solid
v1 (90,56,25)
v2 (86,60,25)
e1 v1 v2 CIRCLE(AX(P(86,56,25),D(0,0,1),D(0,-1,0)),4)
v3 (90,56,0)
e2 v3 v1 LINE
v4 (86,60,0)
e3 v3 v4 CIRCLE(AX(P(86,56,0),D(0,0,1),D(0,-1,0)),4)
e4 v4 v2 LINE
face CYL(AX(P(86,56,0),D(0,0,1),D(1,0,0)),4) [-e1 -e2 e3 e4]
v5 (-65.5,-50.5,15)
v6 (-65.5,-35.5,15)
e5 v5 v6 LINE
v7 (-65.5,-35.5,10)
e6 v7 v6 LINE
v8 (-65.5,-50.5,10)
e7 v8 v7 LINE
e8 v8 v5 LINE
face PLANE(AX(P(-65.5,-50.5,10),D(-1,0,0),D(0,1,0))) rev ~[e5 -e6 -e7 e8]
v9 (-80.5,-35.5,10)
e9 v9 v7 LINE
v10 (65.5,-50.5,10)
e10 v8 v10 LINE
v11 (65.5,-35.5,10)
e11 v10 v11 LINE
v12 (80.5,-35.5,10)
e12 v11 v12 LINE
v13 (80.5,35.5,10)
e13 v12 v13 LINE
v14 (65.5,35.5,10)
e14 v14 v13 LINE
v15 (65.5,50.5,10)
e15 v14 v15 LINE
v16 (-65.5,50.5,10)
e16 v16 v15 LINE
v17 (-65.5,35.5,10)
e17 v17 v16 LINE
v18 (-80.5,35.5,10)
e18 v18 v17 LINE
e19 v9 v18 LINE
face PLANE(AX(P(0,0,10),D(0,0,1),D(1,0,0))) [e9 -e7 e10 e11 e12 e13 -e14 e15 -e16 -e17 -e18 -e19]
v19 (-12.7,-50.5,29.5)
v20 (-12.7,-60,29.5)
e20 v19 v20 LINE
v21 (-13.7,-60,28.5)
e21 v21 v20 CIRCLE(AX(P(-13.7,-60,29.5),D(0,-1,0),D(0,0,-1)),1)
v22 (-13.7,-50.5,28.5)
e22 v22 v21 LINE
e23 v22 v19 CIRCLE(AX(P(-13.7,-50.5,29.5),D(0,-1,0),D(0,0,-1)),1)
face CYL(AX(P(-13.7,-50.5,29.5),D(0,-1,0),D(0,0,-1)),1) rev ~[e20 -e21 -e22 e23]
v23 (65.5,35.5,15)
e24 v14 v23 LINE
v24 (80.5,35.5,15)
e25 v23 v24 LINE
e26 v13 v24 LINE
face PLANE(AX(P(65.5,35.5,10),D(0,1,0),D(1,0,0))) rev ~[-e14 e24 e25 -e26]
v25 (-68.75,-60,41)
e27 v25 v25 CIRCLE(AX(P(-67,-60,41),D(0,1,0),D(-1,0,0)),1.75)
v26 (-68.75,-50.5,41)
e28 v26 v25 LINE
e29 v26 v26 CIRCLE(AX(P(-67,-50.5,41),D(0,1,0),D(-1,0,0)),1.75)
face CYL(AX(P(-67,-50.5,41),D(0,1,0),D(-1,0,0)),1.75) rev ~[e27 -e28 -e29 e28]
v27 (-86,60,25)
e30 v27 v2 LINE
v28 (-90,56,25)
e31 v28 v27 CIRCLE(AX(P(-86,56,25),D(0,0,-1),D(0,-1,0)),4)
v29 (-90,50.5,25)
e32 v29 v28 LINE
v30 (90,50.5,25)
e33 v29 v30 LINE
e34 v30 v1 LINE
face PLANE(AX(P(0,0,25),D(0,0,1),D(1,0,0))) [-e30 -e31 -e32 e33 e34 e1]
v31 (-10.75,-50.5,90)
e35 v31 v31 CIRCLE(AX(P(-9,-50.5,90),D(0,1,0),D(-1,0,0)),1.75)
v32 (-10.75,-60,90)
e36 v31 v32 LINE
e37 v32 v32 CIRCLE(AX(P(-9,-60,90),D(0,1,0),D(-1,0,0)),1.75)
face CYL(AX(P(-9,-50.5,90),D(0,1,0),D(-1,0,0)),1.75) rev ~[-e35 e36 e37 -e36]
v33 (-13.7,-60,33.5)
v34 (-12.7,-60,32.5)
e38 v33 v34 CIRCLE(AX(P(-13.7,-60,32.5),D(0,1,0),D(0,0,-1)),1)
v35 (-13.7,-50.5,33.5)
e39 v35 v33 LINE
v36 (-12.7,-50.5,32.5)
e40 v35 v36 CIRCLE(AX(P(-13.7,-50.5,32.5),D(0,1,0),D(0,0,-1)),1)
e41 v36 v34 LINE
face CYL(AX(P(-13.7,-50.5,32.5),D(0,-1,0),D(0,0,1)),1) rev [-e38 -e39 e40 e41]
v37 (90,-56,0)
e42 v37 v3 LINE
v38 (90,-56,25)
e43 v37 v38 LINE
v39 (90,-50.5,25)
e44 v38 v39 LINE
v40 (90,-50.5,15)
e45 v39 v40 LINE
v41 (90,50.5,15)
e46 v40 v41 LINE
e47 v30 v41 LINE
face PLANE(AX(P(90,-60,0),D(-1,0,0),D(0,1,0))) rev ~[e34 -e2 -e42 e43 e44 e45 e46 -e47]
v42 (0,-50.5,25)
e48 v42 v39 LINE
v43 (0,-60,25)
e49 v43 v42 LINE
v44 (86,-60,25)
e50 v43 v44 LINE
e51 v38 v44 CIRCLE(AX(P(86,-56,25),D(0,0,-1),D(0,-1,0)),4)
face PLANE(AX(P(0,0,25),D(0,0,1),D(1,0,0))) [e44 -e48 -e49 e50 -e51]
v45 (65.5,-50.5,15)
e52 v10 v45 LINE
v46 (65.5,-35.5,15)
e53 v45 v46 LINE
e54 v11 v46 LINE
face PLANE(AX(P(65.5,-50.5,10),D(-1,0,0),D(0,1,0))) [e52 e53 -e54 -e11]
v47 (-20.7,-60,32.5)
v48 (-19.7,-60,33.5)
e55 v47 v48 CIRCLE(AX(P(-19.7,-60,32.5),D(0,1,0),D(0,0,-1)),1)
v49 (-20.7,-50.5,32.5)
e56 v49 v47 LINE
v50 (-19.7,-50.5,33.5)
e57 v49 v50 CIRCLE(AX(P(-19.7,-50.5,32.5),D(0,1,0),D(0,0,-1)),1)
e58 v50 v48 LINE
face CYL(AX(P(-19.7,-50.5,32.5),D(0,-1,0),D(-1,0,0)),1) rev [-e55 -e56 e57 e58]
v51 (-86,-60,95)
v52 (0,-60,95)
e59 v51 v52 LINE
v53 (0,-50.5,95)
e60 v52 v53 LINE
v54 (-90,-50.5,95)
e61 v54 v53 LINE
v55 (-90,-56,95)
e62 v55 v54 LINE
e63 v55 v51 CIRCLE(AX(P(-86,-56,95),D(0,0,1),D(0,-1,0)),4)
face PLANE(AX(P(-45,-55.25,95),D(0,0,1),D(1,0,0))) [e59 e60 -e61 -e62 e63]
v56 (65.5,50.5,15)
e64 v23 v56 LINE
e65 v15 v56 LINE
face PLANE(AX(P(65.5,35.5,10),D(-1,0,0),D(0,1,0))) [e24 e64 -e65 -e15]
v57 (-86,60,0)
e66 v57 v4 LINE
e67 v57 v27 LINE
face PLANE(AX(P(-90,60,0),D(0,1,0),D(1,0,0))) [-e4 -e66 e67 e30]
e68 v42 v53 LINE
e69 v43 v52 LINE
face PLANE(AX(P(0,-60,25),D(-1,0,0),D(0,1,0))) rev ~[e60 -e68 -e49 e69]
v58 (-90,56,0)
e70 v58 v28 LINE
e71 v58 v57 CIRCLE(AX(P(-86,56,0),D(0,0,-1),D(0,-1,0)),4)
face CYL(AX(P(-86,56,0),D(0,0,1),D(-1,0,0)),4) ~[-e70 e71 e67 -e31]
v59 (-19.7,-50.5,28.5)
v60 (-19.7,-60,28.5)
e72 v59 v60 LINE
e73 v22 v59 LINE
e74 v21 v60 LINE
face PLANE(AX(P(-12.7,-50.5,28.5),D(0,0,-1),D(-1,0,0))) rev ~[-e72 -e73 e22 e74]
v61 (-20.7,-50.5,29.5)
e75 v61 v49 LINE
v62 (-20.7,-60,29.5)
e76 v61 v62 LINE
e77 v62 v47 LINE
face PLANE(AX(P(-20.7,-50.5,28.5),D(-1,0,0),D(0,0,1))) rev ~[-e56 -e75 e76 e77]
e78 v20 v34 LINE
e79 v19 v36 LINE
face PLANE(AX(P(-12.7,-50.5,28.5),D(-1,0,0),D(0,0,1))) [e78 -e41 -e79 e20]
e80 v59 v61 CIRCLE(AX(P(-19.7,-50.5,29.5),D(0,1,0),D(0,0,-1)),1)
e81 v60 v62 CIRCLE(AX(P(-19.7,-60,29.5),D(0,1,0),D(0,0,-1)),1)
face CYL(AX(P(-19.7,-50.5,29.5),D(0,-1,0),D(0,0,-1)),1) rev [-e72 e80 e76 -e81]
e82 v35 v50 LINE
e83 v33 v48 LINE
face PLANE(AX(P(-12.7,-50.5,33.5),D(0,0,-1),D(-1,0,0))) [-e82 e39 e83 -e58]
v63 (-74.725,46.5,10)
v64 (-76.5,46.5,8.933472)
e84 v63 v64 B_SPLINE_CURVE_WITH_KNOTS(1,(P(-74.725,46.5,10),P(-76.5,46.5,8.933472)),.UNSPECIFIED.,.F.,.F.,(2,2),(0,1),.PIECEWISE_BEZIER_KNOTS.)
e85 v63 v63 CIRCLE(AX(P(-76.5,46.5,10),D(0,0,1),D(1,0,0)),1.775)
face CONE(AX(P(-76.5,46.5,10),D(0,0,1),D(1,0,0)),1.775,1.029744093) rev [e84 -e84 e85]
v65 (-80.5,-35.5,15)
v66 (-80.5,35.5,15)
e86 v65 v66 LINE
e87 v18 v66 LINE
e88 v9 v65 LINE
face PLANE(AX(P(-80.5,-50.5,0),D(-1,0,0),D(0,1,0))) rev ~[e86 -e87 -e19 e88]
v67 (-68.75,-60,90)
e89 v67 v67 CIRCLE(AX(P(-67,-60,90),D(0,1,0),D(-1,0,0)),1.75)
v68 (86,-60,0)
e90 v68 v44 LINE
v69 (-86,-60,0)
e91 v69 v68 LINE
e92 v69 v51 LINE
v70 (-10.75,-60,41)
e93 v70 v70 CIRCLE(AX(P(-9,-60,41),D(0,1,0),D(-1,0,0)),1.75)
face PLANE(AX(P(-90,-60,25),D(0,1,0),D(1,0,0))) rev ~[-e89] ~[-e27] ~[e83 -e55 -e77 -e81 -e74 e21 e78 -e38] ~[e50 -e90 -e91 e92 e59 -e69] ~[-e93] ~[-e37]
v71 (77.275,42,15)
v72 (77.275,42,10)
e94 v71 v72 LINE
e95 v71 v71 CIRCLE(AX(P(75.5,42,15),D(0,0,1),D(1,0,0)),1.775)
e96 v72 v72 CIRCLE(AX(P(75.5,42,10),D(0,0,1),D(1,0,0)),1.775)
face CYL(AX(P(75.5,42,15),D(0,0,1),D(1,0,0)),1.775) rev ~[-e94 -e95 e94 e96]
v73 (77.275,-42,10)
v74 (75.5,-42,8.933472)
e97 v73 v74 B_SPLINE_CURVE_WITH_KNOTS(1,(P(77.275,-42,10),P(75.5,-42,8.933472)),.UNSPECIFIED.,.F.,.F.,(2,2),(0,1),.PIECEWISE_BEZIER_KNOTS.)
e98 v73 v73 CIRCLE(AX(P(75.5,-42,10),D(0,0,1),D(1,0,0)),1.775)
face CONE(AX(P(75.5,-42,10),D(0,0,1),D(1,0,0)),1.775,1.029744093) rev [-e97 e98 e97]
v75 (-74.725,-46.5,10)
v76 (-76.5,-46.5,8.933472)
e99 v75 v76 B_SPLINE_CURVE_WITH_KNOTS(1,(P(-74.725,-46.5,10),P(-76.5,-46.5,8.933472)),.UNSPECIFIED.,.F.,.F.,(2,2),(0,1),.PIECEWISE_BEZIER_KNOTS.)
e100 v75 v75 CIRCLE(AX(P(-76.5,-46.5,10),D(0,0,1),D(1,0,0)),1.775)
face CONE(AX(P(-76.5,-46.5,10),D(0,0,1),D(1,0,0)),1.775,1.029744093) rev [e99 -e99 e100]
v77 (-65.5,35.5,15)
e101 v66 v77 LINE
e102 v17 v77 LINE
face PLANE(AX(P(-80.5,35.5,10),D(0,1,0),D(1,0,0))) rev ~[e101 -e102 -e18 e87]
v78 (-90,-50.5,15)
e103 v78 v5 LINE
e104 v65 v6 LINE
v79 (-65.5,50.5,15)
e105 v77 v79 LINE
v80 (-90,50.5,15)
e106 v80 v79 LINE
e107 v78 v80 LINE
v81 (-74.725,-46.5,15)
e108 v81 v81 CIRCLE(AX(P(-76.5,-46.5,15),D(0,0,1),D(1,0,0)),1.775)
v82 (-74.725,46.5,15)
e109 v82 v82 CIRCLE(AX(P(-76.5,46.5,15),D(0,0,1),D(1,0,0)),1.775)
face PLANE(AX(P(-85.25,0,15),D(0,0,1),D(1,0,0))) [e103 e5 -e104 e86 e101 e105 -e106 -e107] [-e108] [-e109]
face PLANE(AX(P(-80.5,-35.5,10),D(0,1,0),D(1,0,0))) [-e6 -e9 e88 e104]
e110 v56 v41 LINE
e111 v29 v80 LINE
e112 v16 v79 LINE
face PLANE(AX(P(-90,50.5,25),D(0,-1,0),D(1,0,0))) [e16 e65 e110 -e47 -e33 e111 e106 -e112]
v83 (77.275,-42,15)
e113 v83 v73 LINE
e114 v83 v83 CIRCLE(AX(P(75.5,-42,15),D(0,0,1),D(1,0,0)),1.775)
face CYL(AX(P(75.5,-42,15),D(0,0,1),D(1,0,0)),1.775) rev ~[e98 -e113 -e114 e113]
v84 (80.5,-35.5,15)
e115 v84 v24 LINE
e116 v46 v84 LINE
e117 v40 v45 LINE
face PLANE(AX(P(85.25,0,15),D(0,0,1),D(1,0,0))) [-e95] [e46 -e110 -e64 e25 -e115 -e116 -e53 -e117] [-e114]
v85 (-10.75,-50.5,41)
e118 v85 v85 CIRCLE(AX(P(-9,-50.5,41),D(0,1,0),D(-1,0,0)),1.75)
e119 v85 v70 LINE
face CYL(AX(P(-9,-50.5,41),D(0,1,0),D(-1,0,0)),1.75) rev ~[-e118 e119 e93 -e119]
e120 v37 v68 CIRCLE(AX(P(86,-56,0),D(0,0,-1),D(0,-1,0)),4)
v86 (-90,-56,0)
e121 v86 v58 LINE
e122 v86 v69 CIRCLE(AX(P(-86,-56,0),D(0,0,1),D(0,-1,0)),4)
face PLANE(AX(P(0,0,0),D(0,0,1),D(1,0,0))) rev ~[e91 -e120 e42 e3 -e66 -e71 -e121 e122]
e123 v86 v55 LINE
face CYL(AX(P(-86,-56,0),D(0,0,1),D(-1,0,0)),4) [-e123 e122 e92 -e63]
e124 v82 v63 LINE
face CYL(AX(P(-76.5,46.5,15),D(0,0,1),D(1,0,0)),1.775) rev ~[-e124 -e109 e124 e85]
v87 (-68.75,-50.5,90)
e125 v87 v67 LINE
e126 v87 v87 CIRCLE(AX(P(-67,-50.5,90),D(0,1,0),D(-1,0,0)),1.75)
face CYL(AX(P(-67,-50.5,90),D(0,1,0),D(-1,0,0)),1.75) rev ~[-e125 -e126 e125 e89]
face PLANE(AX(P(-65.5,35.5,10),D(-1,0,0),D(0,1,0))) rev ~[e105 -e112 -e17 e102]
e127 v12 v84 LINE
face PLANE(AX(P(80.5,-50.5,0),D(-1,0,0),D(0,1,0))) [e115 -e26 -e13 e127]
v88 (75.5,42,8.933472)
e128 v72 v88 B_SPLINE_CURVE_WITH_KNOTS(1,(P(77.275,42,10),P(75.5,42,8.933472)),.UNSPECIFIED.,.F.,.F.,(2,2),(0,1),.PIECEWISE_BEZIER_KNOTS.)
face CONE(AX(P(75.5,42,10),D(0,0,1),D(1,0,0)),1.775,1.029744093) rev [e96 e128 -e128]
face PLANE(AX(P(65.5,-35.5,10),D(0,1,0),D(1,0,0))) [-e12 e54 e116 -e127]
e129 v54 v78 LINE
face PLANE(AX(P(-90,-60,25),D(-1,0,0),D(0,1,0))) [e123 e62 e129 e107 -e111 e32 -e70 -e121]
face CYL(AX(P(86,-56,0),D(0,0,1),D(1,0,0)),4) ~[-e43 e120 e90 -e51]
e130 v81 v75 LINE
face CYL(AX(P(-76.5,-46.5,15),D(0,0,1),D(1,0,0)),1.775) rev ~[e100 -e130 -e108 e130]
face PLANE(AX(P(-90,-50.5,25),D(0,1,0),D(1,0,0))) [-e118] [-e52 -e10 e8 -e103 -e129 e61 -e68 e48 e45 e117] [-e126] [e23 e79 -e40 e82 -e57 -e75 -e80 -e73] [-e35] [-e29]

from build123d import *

# Parameters (mm, degrees)
SKETCH_W        = 161
SKETCH_H        = 101
PAD_DEPTH       = 10
SKETCH001_W     = 15
SKETCH001_H     = 15
PAD001_DEPTH    = 5
SKETCH003_R     = 1.775
HOLE_DEPTH      = 5
HOLE_TIPS_R     = 1.775
SKETCH005_W     = 180
SKETCH005_H     = 120
SKETCH005_W_2   = 161
SKETCH005_H_2   = 101
PAD002_DEPTH    = 25
SKETCH006_W     = 9.5
SKETCH006_H     = 101
POCKET_DEPTH    = 10
SKETCH007_W     = 9.5
SKETCH007_H     = 101
POCKET001_DEPTH = 10
SKETCH008_W     = 90
SKETCH008_H     = 9.5
PAD003_DEPTH    = 70
SKETCH009_R     = 1.75
HOLE001_DEPTH   = 25
SKETCH010_W     = 8
SKETCH010_H     = 5
POCKET002_DEPTH = 10
FILLET_R        = 1
FILLET001_R     = 4


with BuildPart() as part:
    # Sketch → Pad (new body)
    with BuildSketch(Plane.XY):
        Rectangle(SKETCH_W, SKETCH_H)
    extrude(amount=PAD_DEPTH)

    # Sketch001 (on Face6 of Pad) → Pad001 (join)
    with BuildSketch(Plane.XY.offset(10)):
        with Locations((-73, 43)):
            Rectangle(SKETCH001_W, SKETCH001_H)
        with Locations((-73, -43)):
            Rectangle(SKETCH001_W, SKETCH001_H)
        with Locations((73, -43)):
            Rectangle(SKETCH001_W, SKETCH001_H)
        with Locations((73, 43)):
            Rectangle(SKETCH001_W, SKETCH001_H)
    extrude(amount=PAD001_DEPTH)

    # Sketch003 (on Face25 of Pad001) → Hole (cut)
    with BuildSketch(Plane.XY.offset(15)):
        with Locations((-76.5, -46.5)):
            Circle(SKETCH003_R)
        with Locations((-76.5, 46.5)):
            Circle(SKETCH003_R)
        with Locations((75.5, -42)):
            Circle(SKETCH003_R)
        with Locations((75.5, 42)):
            Circle(SKETCH003_R)
    extrude(amount=-HOLE_DEPTH, mode=Mode.SUBTRACT)

    # Hole tips → Hole tip 1 section 0
    with BuildSketch(Plane.XY.offset(10), mode=Mode.PRIVATE) as hole_tip_1_s0:
        with Locations((-76.5, -46.5)):
            Circle(HOLE_TIPS_R)
    loft([hole_tip_1_s0.sketch, Vertex(-76.5, -46.5, 8.933472)], mode=Mode.SUBTRACT)

    # Hole tips → Hole tip 2 section 0
    with BuildSketch(Plane.XY.offset(10), mode=Mode.PRIVATE) as hole_tip_2_s0:
        with Locations((-76.5, 46.5)):
            Circle(HOLE_TIPS_R)
    loft([hole_tip_2_s0.sketch, Vertex(-76.5, 46.5, 8.933472)], mode=Mode.SUBTRACT)

    # Hole tips → Hole tip 3 section 0
    with BuildSketch(Plane.XY.offset(10), mode=Mode.PRIVATE) as hole_tip_3_s0:
        with Locations((75.5, -42)):
            Circle(HOLE_TIPS_R)
    loft([hole_tip_3_s0.sketch, Vertex(75.5, -42, 8.933472)], mode=Mode.SUBTRACT)

    # Hole tips → Hole tip 4 section 0
    with BuildSketch(Plane.XY.offset(10), mode=Mode.PRIVATE) as hole_tip_4_s0:
        with Locations((75.5, 42)):
            Circle(HOLE_TIPS_R)
    loft([hole_tip_4_s0.sketch, Vertex(75.5, 42, 8.933472)], mode=Mode.SUBTRACT)

    # Sketch005 → Pad002 (join)
    with BuildSketch(Plane.XY):
        Rectangle(SKETCH005_W, SKETCH005_H)
        Rectangle(SKETCH005_W_2, SKETCH005_H_2, mode=Mode.SUBTRACT)
    extrude(amount=PAD002_DEPTH)

    # Sketch006 (on Face7 of Pad002) → Pocket (cut)
    with BuildSketch(Plane.XY.offset(25)):
        with Locations((85.25, 0)):
            Rectangle(SKETCH006_W, SKETCH006_H)
    extrude(amount=-POCKET_DEPTH, mode=Mode.SUBTRACT)

    # Sketch007 (on Face7 of Pocket) → Pocket001 (cut)
    with BuildSketch(Plane.XY.offset(25)):
        with Locations((-85.25, 0)):
            Rectangle(SKETCH007_W, SKETCH007_H)
    extrude(amount=-POCKET001_DEPTH, mode=Mode.SUBTRACT)

    # Sketch008 (on Face7 of Pocket001) → Pad003 (join)
    with BuildSketch(Plane.XY.offset(25)):
        with Locations((-45, -55.25)):
            Rectangle(SKETCH008_W, SKETCH008_H)
    extrude(amount=PAD003_DEPTH)

    # Sketch009 (on Face18 of Pad003) → Hole001 (cut)
    with BuildSketch(Plane(origin=(0, -50.5, 0), x_dir=(-1, 0, 0), z_dir=(0, 1, 0))):
        with Locations((67, 90)):
            Circle(SKETCH009_R)
        with Locations((9, 90)):
            Circle(SKETCH009_R)
        with Locations((9, 41)):
            Circle(SKETCH009_R)
        with Locations((67, 41)):
            Circle(SKETCH009_R)
    extrude(amount=-HOLE001_DEPTH, mode=Mode.SUBTRACT)

    # Sketch010 (on Face18 of Hole001) → Pocket002 (cut)
    with BuildSketch(Plane(origin=(0, -50.5, 0), x_dir=(-1, 0, 0), z_dir=(0, 1, 0))):
        with Locations((16.7, 31)):
            Rectangle(SKETCH010_W, SKETCH010_H)
    extrude(amount=-POCKET002_DEPTH, mode=Mode.SUBTRACT)

    # Fillet
    fillet_edges = [part.edges().sort_by_distance(p)[0] for p in [
        (-20.7, -55.25, 33.5),
        (-12.7, -55.25, 33.5),
        (-20.7, -55.25, 28.5),
        (-12.7, -55.25, 28.5),
    ]]
    fillet(fillet_edges, radius=FILLET_R)

    # Fillet001
    fillet001_edges = [part.edges().sort_by_distance(p)[0] for p in [
        (90, -60, 12.5),
        (90, 60, 12.5),
        (-90, 60, 12.5),
        (-90, -60, 12.5),
        (-90, -60, 60),
    ]]
    fillet(fillet001_edges, radius=FILLET001_R)


solid = part.part
